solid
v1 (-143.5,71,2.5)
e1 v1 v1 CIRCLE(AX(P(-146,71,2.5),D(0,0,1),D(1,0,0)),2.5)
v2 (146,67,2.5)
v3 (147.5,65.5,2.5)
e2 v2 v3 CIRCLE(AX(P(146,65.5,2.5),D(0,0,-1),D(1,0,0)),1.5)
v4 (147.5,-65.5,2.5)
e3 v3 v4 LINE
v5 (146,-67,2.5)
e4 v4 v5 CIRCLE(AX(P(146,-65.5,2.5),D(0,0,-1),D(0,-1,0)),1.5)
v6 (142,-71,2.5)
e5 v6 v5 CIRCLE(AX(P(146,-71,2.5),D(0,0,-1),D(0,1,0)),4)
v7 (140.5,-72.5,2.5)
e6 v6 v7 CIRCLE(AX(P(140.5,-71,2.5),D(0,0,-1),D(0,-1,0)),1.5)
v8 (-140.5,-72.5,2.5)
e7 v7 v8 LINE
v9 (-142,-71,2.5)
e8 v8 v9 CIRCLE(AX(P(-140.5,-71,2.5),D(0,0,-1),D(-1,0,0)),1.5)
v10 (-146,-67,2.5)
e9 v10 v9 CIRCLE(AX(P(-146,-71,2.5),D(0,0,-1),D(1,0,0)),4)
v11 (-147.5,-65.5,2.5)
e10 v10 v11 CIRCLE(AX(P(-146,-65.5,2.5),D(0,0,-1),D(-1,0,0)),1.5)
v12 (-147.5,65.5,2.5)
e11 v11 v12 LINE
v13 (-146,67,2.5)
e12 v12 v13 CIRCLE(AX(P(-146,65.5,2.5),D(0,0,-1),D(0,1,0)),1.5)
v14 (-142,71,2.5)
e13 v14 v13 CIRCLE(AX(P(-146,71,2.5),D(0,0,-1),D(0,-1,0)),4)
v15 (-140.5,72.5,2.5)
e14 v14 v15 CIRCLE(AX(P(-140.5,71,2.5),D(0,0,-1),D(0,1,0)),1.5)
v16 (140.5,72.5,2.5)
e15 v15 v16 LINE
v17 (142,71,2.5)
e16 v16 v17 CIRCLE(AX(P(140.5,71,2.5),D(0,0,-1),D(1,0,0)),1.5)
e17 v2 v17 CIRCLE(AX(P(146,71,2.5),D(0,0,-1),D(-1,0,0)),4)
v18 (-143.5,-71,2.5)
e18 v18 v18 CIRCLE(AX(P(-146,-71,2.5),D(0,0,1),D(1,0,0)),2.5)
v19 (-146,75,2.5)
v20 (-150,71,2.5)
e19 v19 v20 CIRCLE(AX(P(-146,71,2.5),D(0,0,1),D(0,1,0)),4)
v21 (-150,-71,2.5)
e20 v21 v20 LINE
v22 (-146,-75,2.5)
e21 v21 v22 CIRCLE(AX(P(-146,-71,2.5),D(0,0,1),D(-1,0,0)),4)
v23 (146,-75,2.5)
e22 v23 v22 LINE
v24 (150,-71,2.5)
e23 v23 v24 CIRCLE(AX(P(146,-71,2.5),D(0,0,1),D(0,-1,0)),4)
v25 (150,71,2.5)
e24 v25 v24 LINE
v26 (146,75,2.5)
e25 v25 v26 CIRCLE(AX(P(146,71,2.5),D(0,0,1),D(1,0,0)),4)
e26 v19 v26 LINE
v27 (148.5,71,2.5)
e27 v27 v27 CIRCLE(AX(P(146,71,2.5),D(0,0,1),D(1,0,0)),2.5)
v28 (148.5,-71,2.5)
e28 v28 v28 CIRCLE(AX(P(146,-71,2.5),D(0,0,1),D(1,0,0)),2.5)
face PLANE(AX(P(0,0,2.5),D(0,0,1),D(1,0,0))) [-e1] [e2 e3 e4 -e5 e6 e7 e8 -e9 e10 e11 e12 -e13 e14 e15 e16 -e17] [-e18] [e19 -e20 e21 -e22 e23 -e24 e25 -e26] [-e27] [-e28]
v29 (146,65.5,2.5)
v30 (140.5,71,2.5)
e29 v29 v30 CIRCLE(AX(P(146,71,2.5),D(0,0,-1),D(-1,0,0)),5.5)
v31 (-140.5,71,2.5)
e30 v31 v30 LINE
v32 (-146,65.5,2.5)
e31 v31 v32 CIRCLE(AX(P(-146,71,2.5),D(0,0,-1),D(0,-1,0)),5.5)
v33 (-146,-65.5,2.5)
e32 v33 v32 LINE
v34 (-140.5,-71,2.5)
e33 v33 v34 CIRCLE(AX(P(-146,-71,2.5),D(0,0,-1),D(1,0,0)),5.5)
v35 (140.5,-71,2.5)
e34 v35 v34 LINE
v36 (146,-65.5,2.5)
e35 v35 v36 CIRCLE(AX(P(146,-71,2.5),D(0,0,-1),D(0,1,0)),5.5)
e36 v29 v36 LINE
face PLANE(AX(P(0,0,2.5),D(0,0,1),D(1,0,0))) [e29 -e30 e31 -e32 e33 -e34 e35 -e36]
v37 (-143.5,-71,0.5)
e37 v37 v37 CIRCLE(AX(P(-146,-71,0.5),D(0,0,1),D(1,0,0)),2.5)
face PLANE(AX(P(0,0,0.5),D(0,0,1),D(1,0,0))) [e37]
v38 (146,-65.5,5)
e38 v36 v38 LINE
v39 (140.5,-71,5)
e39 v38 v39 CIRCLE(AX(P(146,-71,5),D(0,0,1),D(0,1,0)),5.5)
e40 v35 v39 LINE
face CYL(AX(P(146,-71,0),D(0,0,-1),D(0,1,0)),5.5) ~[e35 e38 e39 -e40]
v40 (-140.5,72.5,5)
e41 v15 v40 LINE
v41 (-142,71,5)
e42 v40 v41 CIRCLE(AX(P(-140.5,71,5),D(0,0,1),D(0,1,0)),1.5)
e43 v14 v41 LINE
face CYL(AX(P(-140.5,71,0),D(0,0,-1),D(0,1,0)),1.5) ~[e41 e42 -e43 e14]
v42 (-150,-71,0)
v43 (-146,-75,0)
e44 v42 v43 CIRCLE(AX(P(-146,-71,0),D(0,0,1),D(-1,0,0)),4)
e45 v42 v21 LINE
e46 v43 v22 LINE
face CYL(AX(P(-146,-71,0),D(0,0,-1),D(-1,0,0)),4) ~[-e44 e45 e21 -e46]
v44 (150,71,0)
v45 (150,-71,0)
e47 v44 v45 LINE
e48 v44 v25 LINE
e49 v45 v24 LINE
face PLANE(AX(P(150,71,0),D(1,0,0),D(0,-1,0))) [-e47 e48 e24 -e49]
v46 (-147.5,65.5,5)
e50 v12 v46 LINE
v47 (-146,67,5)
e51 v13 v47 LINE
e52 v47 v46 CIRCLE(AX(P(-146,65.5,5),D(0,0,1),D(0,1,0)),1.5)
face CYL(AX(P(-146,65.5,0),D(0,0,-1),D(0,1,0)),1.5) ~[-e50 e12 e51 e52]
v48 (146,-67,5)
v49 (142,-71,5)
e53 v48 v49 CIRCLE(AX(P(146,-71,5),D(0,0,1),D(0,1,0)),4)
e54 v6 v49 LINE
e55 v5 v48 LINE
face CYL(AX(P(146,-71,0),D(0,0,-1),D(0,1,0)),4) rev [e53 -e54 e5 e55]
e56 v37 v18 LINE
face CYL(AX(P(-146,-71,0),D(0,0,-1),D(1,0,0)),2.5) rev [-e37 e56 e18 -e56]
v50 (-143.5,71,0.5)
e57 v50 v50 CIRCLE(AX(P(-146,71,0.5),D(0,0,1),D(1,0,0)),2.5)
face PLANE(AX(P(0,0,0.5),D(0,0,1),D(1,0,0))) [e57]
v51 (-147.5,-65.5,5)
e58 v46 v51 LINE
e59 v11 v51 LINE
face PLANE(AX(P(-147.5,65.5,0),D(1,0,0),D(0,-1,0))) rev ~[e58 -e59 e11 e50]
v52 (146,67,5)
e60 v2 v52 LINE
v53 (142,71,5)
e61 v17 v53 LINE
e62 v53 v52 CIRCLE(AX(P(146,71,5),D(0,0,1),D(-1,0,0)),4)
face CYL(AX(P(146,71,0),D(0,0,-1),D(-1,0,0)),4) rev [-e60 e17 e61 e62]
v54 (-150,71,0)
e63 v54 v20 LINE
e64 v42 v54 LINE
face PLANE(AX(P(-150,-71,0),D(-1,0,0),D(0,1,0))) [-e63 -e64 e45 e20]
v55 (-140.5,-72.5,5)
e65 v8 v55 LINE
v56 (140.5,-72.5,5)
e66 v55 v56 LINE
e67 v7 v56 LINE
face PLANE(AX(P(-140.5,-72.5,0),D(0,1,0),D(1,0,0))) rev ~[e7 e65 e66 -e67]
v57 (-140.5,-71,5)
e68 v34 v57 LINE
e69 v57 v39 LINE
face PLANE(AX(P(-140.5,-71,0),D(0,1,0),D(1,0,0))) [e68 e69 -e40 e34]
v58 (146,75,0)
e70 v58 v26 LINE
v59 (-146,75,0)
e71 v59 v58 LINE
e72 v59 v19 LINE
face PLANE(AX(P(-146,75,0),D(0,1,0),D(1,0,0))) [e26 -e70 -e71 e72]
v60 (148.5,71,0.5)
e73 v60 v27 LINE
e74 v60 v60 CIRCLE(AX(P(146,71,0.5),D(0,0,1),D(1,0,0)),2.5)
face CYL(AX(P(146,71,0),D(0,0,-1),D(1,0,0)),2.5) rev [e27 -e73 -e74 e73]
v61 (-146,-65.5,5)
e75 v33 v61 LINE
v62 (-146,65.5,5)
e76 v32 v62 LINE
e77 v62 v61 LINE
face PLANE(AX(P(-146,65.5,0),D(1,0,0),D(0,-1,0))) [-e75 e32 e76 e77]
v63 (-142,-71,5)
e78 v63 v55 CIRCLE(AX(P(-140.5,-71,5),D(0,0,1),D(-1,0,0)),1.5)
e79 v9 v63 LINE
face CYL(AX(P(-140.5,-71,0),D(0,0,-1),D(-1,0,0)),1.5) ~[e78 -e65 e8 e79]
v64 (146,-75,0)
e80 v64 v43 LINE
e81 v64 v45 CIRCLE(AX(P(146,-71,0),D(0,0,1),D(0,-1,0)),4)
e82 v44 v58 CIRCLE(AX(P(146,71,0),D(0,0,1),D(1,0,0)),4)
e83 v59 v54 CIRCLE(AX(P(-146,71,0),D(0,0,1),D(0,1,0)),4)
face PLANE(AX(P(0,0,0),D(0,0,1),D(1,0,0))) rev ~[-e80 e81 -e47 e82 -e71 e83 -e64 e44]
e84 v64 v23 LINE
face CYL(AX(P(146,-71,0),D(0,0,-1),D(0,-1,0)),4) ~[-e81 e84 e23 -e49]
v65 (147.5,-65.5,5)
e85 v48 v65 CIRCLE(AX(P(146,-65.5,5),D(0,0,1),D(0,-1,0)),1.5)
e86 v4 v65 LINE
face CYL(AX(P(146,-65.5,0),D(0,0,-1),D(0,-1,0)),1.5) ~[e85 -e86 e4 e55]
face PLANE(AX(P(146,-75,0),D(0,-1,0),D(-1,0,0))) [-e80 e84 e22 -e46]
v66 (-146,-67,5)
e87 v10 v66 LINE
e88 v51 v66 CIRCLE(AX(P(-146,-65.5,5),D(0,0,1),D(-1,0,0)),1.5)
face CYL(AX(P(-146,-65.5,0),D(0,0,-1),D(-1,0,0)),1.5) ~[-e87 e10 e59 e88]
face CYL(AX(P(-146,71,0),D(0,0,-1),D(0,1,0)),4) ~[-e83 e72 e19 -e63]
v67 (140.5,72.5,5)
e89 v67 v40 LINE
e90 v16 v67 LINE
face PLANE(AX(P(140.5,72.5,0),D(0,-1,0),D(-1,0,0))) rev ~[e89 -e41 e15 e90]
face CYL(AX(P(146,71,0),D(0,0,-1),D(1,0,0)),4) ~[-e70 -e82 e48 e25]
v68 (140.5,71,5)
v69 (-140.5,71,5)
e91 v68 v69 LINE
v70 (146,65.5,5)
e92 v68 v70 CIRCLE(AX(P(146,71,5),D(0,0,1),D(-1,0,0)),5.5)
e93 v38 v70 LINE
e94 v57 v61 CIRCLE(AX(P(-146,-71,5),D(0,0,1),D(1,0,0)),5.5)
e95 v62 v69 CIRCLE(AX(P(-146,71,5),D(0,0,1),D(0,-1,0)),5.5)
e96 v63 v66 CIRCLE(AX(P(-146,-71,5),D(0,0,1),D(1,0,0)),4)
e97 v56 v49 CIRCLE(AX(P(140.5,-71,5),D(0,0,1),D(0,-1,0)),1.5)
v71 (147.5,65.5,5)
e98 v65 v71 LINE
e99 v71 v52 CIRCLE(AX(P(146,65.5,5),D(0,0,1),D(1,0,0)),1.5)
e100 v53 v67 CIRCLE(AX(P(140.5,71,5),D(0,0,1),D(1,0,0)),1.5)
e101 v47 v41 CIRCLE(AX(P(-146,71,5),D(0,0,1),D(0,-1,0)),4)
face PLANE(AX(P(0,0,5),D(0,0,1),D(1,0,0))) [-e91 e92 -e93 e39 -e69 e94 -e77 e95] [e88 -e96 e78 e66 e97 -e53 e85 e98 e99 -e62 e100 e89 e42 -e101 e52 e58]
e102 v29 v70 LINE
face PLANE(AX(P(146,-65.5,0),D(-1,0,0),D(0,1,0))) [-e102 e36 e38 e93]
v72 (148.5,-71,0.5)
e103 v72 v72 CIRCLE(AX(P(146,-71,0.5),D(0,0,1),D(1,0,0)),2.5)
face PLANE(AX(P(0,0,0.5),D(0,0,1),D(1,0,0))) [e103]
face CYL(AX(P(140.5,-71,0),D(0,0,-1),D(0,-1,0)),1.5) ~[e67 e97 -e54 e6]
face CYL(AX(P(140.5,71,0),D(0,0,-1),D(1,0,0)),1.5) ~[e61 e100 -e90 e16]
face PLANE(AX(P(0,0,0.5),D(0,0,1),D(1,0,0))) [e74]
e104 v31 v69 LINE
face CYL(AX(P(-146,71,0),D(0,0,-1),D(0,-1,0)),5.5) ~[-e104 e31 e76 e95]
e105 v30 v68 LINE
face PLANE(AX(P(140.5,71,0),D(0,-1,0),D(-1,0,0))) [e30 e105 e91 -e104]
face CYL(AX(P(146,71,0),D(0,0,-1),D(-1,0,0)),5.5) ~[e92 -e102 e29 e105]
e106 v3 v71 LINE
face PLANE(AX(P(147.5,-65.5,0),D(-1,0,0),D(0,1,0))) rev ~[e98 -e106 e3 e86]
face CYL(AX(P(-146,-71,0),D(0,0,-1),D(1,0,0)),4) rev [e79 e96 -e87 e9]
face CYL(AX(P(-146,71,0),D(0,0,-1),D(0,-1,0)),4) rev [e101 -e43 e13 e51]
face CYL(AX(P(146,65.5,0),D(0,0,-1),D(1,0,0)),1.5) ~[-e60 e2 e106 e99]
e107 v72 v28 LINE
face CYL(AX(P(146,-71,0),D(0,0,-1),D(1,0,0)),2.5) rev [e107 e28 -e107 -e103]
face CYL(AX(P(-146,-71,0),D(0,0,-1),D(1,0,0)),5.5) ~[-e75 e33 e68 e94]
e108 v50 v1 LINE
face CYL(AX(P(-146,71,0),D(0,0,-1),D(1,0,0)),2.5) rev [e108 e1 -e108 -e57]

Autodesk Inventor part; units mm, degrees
ref_plane "YZ Plane" through (0, 0, 0) normal (1, 0, 0) x (0, 1, 0)
ref_plane "XZ Plane" through (0, 0, 0) normal (0, 1, 0) x (-1, 0, 0)
ref_plane "XY Plane" through (0, 0, 0) normal (0, 0, 1) x (1, 0, 0)
sketch "Sketch1" plane through (0, 0, 0) normal (0, 0, 1) x (1, 0, 0)
  line L0 (-150, -75) -> (150, -75) construction
  line L1 (150, -75) -> (150, 75) construction
  line L2 (150, 75) -> (-150, 75) construction
  line L3 (-150, 75) -> (-150, -75) construction
  line L4 (-150, -75) -> (150, 75) construction
  line L5 (150, -75) -> (-150, 75) construction
  line L6 (147.5, -72.5) -> (-147.5, -72.5) construction
  line L7 (-147.5, -72.5) -> (-147.5, 72.5) construction
  line L8 (-147.5, 72.5) -> (147.5, 72.5) construction
  line L9 (147.5, 72.5) -> (147.5, -72.5) construction
  line L10 (147.5, -72.5) -> (-147.5, 72.5) construction
  line L11 (-147.5, -72.5) -> (147.5, 72.5) construction
  line L12 (-150, 75) -> (-146, 75) construction
  line L13 (-146, 75) -> (-146, 71) construction
  line L14 (-146, 71) -> (-150, 71) construction
  line L15 (-150, 71) -> (-150, 75) construction
  arc A0 (-146, 75) -> (-150, 71) centre (-146, 71) ccw
  line L16 (-150, -75) -> (-146, -75) construction
  line L17 (-146, -75) -> (-146, -71) construction
  line L18 (-146, -71) -> (-150, -71) construction
  line L19 (-150, -71) -> (-150, -75) construction
  line L20 (150, -75) -> (146, -75) construction
  line L21 (146, -75) -> (146, -71) construction
  line L22 (146, -71) -> (150, -71) construction
  line L23 (150, -71) -> (150, -75) construction
  line L24 (150, 75) -> (146, 75) construction
  line L25 (146, 75) -> (146, 71) construction
  line L26 (146, 71) -> (150, 71) construction
  line L27 (150, 71) -> (150, 75) construction
  line L28 (-146, 75) -> (146, 75)
  arc A1 (150, 71) -> (146, 75) centre (146, 71) ccw
  line L29 (150, 71) -> (150, -71)
  arc A2 (146, -75) -> (150, -71) centre (146, -71) ccw
  line L30 (146, -75) -> (-146, -75)
  arc A3 (-150, -71) -> (-146, -75) centre (-146, -71) ccw
  line L31 (-150, -71) -> (-150, 71)
  circle A4 centre (-146, 71) radius 2.5
  circle A5 centre (-146, -71) radius 2.5
  circle A6 centre (146, -71) radius 2.5
  circle A7 centre (146, 71) radius 2.5
  line L32 (-146, 71) -> (-142, 71) construction
  line L33 (-142, 71) -> (-142, 67) construction
  line L34 (-142, 67) -> (-146, 67) construction
  line L35 (-146, 67) -> (-146, 71) construction
  line L36 (-146, -71) -> (-142, -71) construction
  line L37 (-142, -71) -> (-142, -67) construction
  line L38 (-142, -67) -> (-146, -67) construction
  line L39 (-146, -67) -> (-146, -71) construction
  line L40 (146, -71) -> (142, -71) construction
  line L41 (142, -71) -> (142, -67) construction
  line L42 (142, -67) -> (146, -67) construction
  line L43 (146, -67) -> (146, -71) construction
  line L44 (146, 71) -> (142, 71) construction
  line L45 (142, 71) -> (142, 67) construction
  line L46 (142, 67) -> (146, 67) construction
  line L47 (146, 67) -> (146, 71) construction
  arc A8 (-146, 67) -> (-142, 71) centre (-146, 71) ccw
  arc A9 (-142, -71) -> (-146, -67) centre (-146, -71) ccw
  arc A10 (146, -67) -> (142, -71) centre (146, -71) ccw
  arc A11 (142, 71) -> (146, 67) centre (146, 71) ccw
  line L48 (-142, 71) -> (-140.5, 71) construction
  line L49 (-140.5, 71) -> (-140.5, 72.5) construction
  line L50 (-140.5, 72.5) -> (-142, 72.5) construction
  line L51 (-142, 72.5) -> (-142, 71) construction
  line L52 (-146, 67) -> (-147.5, 67) construction
  line L53 (-147.5, 67) -> (-147.5, 65.5) construction
  line L54 (-147.5, 65.5) -> (-146, 65.5) construction
  line L55 (-146, 65.5) -> (-146, 67) construction
  line L56 (142, 71) -> (140.5, 71) construction
  line L57 (140.5, 71) -> (140.5, 72.5) construction
  line L58 (140.5, 72.5) -> (142, 72.5) construction
  line L59 (142, 72.5) -> (142, 71) construction
  line L60 (146, 67) -> (147.5, 67) construction
  line L61 (147.5, 67) -> (147.5, 65.5) construction
  line L62 (147.5, 65.5) -> (146, 65.5) construction
  line L63 (146, 65.5) -> (146, 67) construction
  line L64 (146, -67) -> (147.5, -67) construction
  line L65 (147.5, -67) -> (147.5, -65.5) construction
  line L66 (147.5, -65.5) -> (146, -65.5) construction
  line L67 (146, -65.5) -> (146, -67) construction
  line L68 (142, -71) -> (140.5, -71) construction
  line L69 (140.5, -71) -> (140.5, -72.5) construction
  line L70 (140.5, -72.5) -> (142, -72.5) construction
  line L71 (142, -72.5) -> (142, -71) construction
  line L72 (-142, -71) -> (-140.5, -71) construction
  line L73 (-140.5, -71) -> (-140.5, -72.5) construction
  line L74 (-140.5, -72.5) -> (-142, -72.5) construction
  line L75 (-142, -72.5) -> (-142, -71) construction
  line L76 (-146, -67) -> (-147.5, -67) construction
  line L77 (-147.5, -67) -> (-147.5, -65.5) construction
  line L78 (-147.5, -65.5) -> (-146, -65.5) construction
  line L79 (-146, -65.5) -> (-146, -67) construction
  arc A12 (-147.5, -65.5) -> (-146, -67) centre (-146, -65.5) ccw
  arc A13 (-142, -71) -> (-140.5, -72.5) centre (-140.5, -71) ccw
  arc A14 (-140.5, 72.5) -> (-142, 71) centre (-140.5, 71) ccw
  arc A15 (-146, 67) -> (-147.5, 65.5) centre (-146, 65.5) ccw
  arc A16 (140.5, -72.5) -> (142, -71) centre (140.5, -71) ccw
  arc A17 (146, -67) -> (147.5, -65.5) centre (146, -65.5) ccw
  line L80 (147.5, -65.5) -> (147.5, 65.5)
  arc A18 (147.5, 65.5) -> (146, 67) centre (146, 65.5) ccw
  arc A19 (142, 71) -> (140.5, 72.5) centre (140.5, 71) ccw
  line L81 (140.5, 72.5) -> (-140.5, 72.5)
  line L82 (-147.5, 65.5) -> (-147.5, -65.5)
  line L83 (-140.5, -72.5) -> (140.5, -72.5)
  line L84 (146, 75) -> (-146, 75)
  arc A20 (-146, 75) -> (-150, 71) centre (-146, 71) ccw
  line L85 (-150, 71) -> (-150, -71)
  arc A21 (-150, -71) -> (-146, -75) centre (-146, -71) ccw
  line L86 (-146, -75) -> (146, -75)
  arc A22 (146, -75) -> (150, -71) centre (146, -71) ccw
  line L87 (150, -71) -> (150, 71)
  arc A23 (150, 71) -> (146, 75) centre (146, 71) ccw
  arc A24 (142, 71) -> (146, 67) centre (146, 71) ccw
  arc A25 (142, 71) -> (140.5, 72.5) centre (140.5, 71) ccw
  line L88 (140.5, 72.5) -> (-140.5, 72.5)
  arc A26 (-140.5, 72.5) -> (-142, 71) centre (-140.5, 71) ccw
  arc A27 (-146, 67) -> (-142, 71) centre (-146, 71) ccw
  arc A28 (-146, 67) -> (-147.5, 65.5) centre (-146, 65.5) ccw
  line L89 (-147.5, 65.5) -> (-147.5, -65.5)
  arc A29 (-147.5, -65.5) -> (-146, -67) centre (-146, -65.5) ccw
  arc A30 (-142, -71) -> (-146, -67) centre (-146, -71) ccw
  arc A31 (-142, -71) -> (-140.5, -72.5) centre (-140.5, -71) ccw
  line L90 (-140.5, -72.5) -> (140.5, -72.5)
  arc A32 (140.5, -72.5) -> (142, -71) centre (140.5, -71) ccw
  arc A33 (146, -67) -> (142, -71) centre (146, -71) ccw
  arc A34 (146, -67) -> (147.5, -65.5) centre (146, -65.5) ccw
  line L91 (147.5, -65.5) -> (147.5, 65.5)
  arc A35 (147.5, 65.5) -> (146, 67) centre (146, 65.5) ccw
  line L92 (-147.5, 72.5) -> (-140.5, 72.5) construction
  line L93 (-140.5, 72.5) -> (-140.5, 65.5) construction
  line L94 (-140.5, 65.5) -> (-147.5, 65.5) construction
  line L95 (-147.5, 65.5) -> (-147.5, 72.5) construction
  line L96 (-147.5, -72.5) -> (-140.5, -72.5) construction
  line L97 (-140.5, -72.5) -> (-140.5, -65.5) construction
  line L98 (-140.5, -65.5) -> (-147.5, -65.5) construction
  line L99 (-147.5, -65.5) -> (-147.5, -72.5) construction
  line L100 (147.5, -72.5) -> (140.5, -72.5) construction
  line L101 (140.5, -72.5) -> (140.5, -65.5) construction
  line L102 (140.5, -65.5) -> (147.5, -65.5) construction
  line L103 (147.5, -65.5) -> (147.5, -72.5) construction
  line L104 (140.5, 65.5) -> (147.5, 65.5) construction
  line L105 (147.5, 65.5) -> (147.5, 72.5) construction
  line L106 (147.5, 72.5) -> (140.5, 72.5) construction
  line L107 (140.5, 72.5) -> (140.5, 65.5) construction
  circle A36 centre (146, 71) radius 5.5 construction
  circle A37 centre (146, -71) radius 5.5 construction
  circle A38 centre (-146, -71) radius 5.5 construction
  circle A39 centre (-146, 71) radius 5.5 construction
  arc A40 (-146, 65.5) -> (-140.5, 71) centre (-146, 71) ccw
  arc A41 (140.5, 71) -> (146, 65.5) centre (146, 71) ccw
  line L108 (140.5, 71) -> (-140.5, 71)
  line L109 (-146, 65.5) -> (-146, -65.5)
  arc A42 (-140.5, -71) -> (-146, -65.5) centre (-146, -71) ccw
  line L110 (-140.5, -71) -> (140.5, -71)
  arc A43 (146, -65.5) -> (140.5, -71) centre (146, -71) ccw
  line L111 (146, -65.5) -> (146, 65.5)
  point P0 (0, 0)
  point P1 (0, 0)
  dimension "d0" = 300
  dimension "d1" = 150
  dimension "d2" = 295
  dimension "d3" = 145
  dimension "d4" = 4
  dimension "d5" = 4
  dimension "d6" = 4
  dimension "d7" = 4
  dimension "d8" = 4
  dimension "d9" = 4
  dimension "d10" = 4
  dimension "d11" = 4
  dimension "d12" = 4
  dimension "d13" = 4
  dimension "d14" = 4
  dimension "d15" = 4
  dimension "d16" = 5
  dimension "d17" = 5
  dimension "d18" = 5
  dimension "d19" = 5
  dimension "d20" = 4
  dimension "d21" = 4
  dimension "d22" = 4
  dimension "d23" = 4
  dimension "d24" = 4
  dimension "d25" = 4
  dimension "d26" = 4
  dimension "d27" = 4
  dimension "d28" = 4
  dimension "d29" = 4
  dimension "d30" = 4
  dimension "d31" = 4
  dimension "d32" = 1.5
  dimension "d33" = 1.5
  dimension "d34" = 1.5
  dimension "d35" = 1.5
  dimension "d36" = 1.5
  dimension "d37" = 1.5
  dimension "d38" = 1.5
  dimension "d39" = 1.5
  dimension "d40" = 1.5
  dimension "d41" = 1.5
  dimension "d42" = 1.5
  dimension "d43" = 1.5
  dimension "d44" = 1.5
  dimension "d45" = 1.5
  dimension "d46" = 1.5
  dimension "d47" = 1.5
  dimension "d48" = 1.5
  dimension "d49" = 1.5
  dimension "d50" = 1.5
  dimension "d51" = 1.5
  dimension "d52" = 1.5
  dimension "d53" = 1.5
  dimension "d54" = 1.5
  dimension "d55" = 1.5
  dimension "d60" = 9.5
  dimension "d61" = 9.5
  dimension "d62" = 140.5
  dimension "d63" = 290.5
extrude "Extrusion1" add sketch "Sketch1" along normal blind 2.5 contours L28 A1 L29 A2 L30 A3 L31 A0 | A8 A14 L81 A19 A11 A18 L80 A17 A10 A16 L83 A13 A9 A12 L82 A15 | A40 L108 A41 L111 A43 L110 A42 L109
extrude "Extrusion2" add sketch "Sketch1" along normal blind 0.5 contours A4 | A5 | A6 | A7
extrude "Extrusion3" add sketch "Sketch1" along normal blind 5 contours A8 A14 L81 A19 A11 A18 L80 A17 A10 A16 L83 A13 A9 A12 L82 A15
equation "\"d21\" = d20"
properties part number "electronics_box_cap"
